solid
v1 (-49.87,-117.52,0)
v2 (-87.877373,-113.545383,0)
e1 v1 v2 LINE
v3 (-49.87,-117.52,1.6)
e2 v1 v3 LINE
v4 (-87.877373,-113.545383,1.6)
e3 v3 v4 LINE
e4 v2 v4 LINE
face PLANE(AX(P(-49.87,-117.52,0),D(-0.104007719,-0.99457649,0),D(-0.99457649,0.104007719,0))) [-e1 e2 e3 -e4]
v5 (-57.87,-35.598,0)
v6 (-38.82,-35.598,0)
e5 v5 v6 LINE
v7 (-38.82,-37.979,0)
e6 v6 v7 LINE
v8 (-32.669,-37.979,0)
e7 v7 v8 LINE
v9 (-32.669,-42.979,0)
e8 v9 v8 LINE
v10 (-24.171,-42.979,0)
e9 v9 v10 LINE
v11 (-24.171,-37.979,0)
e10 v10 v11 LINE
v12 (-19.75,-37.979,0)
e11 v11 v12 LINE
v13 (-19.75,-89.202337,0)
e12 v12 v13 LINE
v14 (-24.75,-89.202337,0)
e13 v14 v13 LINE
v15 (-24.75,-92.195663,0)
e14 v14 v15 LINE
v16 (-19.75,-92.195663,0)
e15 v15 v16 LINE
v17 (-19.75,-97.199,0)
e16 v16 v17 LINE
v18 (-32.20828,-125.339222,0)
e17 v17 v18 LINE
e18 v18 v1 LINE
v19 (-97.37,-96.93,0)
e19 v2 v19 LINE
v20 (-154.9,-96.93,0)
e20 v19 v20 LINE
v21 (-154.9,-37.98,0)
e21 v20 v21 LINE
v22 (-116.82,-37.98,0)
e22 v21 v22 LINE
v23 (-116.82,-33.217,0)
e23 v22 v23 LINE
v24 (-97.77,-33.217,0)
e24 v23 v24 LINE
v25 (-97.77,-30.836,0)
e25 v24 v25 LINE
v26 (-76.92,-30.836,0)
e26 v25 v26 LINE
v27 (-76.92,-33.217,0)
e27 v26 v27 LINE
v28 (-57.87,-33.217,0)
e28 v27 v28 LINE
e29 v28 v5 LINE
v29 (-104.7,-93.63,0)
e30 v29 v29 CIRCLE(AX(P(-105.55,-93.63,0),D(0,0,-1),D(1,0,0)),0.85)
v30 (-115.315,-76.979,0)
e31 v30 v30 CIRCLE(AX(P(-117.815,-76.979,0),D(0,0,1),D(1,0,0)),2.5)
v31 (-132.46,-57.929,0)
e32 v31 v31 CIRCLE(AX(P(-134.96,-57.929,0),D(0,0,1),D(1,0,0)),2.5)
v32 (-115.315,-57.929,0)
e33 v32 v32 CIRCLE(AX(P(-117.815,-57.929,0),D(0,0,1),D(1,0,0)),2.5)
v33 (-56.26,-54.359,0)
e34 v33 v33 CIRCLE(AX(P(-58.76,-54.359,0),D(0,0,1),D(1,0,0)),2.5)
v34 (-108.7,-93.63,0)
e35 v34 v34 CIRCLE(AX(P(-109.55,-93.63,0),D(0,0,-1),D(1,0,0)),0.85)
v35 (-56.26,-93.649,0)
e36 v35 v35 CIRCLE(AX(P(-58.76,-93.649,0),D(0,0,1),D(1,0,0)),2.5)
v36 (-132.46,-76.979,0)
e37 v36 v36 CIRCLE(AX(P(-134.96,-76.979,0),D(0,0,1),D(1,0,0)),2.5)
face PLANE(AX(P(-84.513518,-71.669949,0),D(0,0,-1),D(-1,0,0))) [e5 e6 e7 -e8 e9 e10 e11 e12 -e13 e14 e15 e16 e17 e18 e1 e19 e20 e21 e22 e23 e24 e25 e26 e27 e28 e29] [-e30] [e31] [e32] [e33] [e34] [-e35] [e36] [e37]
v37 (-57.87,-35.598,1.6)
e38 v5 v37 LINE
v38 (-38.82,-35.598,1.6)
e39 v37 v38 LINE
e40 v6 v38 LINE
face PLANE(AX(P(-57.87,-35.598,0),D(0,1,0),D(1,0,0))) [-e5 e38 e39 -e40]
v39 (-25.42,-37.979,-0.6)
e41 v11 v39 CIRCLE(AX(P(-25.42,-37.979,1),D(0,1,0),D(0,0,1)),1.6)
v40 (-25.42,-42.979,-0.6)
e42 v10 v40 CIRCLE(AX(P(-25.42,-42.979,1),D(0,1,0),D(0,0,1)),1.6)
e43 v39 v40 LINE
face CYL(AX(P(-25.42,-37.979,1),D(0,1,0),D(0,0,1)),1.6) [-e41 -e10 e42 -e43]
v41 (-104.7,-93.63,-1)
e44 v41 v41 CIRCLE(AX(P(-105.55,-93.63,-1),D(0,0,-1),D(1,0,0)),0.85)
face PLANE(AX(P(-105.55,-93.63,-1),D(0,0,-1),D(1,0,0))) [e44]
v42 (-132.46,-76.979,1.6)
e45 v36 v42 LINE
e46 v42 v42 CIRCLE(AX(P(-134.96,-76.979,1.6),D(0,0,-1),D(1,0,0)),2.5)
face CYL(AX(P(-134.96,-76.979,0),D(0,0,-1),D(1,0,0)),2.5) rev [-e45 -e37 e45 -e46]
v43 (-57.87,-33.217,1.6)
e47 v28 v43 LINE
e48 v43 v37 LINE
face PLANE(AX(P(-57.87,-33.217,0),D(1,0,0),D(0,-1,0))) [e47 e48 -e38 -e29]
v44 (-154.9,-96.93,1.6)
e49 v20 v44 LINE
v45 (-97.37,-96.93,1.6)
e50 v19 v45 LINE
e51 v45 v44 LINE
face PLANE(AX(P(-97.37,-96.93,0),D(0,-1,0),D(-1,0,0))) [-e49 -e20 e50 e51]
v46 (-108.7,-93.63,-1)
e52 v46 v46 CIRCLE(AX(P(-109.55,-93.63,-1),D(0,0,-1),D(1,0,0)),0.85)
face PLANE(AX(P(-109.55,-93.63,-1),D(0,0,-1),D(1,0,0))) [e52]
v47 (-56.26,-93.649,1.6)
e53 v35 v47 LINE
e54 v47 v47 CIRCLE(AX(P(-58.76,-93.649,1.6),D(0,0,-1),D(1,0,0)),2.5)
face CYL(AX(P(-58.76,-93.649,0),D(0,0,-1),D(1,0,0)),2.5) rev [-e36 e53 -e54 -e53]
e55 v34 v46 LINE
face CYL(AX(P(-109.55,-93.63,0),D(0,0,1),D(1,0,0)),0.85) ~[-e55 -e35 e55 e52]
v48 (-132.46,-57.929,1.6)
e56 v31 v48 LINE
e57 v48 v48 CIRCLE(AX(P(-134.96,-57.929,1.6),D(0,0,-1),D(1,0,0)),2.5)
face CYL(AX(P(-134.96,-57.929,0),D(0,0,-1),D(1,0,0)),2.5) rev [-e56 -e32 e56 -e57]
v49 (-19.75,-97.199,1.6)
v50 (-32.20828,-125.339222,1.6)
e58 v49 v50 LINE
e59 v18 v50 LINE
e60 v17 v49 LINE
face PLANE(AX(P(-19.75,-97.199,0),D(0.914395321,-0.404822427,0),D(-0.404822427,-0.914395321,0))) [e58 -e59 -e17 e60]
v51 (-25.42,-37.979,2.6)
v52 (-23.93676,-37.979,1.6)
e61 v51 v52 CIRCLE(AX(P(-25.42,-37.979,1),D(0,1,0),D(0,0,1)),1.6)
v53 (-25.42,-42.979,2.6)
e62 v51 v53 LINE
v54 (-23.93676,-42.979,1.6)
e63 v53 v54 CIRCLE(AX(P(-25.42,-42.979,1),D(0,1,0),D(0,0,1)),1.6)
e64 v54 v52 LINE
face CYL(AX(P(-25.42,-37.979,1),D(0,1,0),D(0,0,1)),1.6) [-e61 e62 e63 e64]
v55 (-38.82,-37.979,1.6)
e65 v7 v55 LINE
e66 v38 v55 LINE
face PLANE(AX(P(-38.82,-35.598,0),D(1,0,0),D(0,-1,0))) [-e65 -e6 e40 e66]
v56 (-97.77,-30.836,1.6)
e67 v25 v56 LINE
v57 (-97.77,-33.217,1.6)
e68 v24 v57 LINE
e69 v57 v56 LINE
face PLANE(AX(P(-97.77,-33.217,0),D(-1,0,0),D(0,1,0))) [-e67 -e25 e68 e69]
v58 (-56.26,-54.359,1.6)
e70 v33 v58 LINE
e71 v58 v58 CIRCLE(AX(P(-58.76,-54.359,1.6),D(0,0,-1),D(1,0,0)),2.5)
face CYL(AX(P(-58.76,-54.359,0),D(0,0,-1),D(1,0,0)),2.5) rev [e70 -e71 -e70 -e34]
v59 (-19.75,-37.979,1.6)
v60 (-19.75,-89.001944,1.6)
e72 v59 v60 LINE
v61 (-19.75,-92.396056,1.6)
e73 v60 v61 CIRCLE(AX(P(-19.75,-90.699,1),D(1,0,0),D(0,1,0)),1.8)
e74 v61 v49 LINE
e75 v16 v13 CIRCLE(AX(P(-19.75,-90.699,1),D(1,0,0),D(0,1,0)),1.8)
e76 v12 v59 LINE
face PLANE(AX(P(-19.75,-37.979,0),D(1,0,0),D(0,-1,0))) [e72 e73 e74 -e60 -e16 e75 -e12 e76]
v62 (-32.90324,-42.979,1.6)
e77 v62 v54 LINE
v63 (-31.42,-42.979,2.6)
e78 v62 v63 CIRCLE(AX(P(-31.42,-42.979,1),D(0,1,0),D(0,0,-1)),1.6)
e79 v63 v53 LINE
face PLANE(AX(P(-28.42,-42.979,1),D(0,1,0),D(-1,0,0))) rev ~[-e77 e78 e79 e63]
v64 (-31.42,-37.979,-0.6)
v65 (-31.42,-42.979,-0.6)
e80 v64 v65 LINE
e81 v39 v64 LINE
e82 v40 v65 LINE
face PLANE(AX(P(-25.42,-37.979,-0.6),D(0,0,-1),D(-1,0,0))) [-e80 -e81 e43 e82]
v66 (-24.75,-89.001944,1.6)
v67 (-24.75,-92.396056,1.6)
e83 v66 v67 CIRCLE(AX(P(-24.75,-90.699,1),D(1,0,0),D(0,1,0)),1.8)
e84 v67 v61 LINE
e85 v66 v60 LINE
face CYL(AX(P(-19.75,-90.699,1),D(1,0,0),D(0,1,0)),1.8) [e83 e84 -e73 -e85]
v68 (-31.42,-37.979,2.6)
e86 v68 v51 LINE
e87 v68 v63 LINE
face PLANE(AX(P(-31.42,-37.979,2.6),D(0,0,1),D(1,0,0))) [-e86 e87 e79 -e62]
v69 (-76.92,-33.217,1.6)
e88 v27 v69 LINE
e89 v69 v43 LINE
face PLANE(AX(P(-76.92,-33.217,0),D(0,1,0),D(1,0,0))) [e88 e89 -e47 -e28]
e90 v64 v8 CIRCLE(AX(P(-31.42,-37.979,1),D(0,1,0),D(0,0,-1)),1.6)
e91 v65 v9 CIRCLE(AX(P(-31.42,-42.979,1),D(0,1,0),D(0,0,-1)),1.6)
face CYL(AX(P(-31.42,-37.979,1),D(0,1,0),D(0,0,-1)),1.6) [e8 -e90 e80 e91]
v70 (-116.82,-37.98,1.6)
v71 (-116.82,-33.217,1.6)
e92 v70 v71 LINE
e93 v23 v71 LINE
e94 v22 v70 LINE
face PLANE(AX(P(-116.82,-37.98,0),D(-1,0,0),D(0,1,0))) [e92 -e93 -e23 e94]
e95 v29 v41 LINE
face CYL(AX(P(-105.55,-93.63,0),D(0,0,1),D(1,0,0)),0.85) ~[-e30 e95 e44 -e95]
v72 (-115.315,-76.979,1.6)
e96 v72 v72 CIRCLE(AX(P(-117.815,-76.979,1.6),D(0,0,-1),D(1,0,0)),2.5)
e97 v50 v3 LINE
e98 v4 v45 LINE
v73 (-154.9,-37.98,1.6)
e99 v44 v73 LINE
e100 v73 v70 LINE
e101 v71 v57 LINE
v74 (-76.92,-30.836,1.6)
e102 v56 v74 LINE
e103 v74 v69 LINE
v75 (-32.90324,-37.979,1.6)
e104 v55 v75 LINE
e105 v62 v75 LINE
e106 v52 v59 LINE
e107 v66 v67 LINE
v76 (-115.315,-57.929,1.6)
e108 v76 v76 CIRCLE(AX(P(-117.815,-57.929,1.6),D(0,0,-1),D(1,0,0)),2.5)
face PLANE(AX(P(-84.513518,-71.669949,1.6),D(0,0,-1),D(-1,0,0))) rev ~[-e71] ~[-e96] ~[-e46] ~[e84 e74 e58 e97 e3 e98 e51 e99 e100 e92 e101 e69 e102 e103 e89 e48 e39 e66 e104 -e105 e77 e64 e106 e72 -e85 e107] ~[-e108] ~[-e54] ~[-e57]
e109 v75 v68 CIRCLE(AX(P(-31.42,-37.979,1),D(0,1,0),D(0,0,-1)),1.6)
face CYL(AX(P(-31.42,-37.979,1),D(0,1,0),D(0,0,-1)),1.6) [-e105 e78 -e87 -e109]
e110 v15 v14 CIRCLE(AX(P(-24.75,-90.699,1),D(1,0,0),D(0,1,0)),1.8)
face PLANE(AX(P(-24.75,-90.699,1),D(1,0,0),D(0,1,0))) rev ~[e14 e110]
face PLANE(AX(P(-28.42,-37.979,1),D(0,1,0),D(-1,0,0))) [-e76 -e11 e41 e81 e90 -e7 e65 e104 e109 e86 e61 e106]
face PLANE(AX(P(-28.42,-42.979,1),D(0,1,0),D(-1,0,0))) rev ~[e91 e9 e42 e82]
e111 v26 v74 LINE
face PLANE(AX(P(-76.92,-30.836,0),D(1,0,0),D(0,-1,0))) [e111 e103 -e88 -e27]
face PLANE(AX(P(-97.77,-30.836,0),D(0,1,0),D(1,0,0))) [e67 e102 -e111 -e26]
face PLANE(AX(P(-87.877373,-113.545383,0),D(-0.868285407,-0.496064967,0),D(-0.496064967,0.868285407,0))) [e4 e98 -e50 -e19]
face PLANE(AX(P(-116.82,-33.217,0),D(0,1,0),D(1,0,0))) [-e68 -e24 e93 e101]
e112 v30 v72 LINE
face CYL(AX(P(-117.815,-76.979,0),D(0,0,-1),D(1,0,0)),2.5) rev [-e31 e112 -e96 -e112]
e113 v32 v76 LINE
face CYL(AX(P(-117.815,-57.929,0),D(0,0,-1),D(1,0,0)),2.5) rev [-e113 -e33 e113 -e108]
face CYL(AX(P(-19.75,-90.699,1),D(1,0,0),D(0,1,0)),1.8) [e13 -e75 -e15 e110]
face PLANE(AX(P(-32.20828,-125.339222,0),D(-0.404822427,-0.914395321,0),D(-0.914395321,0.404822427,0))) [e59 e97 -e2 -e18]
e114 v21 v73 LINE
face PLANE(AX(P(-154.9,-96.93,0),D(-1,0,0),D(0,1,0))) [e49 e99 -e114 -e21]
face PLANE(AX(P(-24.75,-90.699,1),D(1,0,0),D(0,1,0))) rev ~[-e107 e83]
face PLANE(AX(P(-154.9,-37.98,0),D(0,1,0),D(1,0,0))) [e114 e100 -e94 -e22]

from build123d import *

# Parameters (mm, degrees)
PAD010_DEPTH    = 1.6
SKETCH025_R     = 2.5
POCKET028_DEPTH = 2
SKETCH029_R     = 1.8
PAD014_DEPTH    = 5
PAD015_DEPTH    = 5
SKETCH031_R     = 0.85
PAD016_DEPTH    = 1


with BuildPart() as part:
    # Sketch024 → Pad010 (new body)
    with BuildSketch(Plane.XY):
        Polygon((-154.9, -37.98), (-116.82, -37.98), (-116.82, -33.217), (-97.77, -33.217), (-97.77, -30.836), (-76.92, -30.836), (-76.92, -33.217), (-57.87, -33.217), (-57.87, -35.598), (-38.82, -35.598), (-38.82, -37.979), (-19.75, -37.979), (-19.75, -97.199), (-32.2082801782, -125.3392223065), (-49.87, -117.52), (-87.8773728154, -113.5453834944), (-97.37, -96.93), (-154.9, -96.93), align=None)
    extrude(amount=PAD010_DEPTH)

    # Sketch025 → Pocket028 (cut)
    with BuildSketch(Plane.XY):
        with Locations((-134.96, -57.929)):
            Circle(SKETCH025_R)
        with Locations((-117.815, -57.929)):
            Circle(SKETCH025_R)
        with Locations((-58.76, -54.359)):
            Circle(SKETCH025_R)
        with Locations((-58.76, -93.649)):
            Circle(SKETCH025_R)
        with Locations((-117.815, -76.979)):
            Circle(SKETCH025_R)
        with Locations((-134.96, -76.979)):
            Circle(SKETCH025_R)
    extrude(amount=POCKET028_DEPTH, mode=Mode.SUBTRACT)

    # Sketch029 (on Face16 of Pocket028) → Pad014 (join)
    with BuildSketch(Plane.YZ.offset(-19.75)):
        with Locations((-90.699, 1)):
            Circle(SKETCH029_R)
    extrude(amount=-PAD014_DEPTH)

    # Sketch030 (on Face15 of Pad014) → Pad015 (join)
    with BuildSketch(Plane(origin=(0, -37.979, 0), x_dir=(-1, 0, 0), z_dir=(0, 1, 0))):
        with BuildLine():
            ThreePointArc((25.42, 2.6), (23.82, 1), (25.42, -0.6))
            Line((25.42, -0.6), (31.42, -0.6))
            ThreePointArc((31.42, -0.6), (33.02, 1), (31.42, 2.6))
            Line((31.42, 2.6), (25.42, 2.6))
        make_face()
    extrude(amount=-PAD015_DEPTH)

    # Sketch031 (on Face4 of Pad015) → Pad016 (join)
    with BuildSketch(Plane(origin=(0, 0, 0), x_dir=(1, 0, 0), z_dir=(0, 0, -1))):
        with Locations((-105.55, 93.63)):
            Circle(SKETCH031_R)
        with Locations((-109.55, 93.63)):
            Circle(SKETCH031_R)
    extrude(amount=PAD016_DEPTH)


solid = part.part
